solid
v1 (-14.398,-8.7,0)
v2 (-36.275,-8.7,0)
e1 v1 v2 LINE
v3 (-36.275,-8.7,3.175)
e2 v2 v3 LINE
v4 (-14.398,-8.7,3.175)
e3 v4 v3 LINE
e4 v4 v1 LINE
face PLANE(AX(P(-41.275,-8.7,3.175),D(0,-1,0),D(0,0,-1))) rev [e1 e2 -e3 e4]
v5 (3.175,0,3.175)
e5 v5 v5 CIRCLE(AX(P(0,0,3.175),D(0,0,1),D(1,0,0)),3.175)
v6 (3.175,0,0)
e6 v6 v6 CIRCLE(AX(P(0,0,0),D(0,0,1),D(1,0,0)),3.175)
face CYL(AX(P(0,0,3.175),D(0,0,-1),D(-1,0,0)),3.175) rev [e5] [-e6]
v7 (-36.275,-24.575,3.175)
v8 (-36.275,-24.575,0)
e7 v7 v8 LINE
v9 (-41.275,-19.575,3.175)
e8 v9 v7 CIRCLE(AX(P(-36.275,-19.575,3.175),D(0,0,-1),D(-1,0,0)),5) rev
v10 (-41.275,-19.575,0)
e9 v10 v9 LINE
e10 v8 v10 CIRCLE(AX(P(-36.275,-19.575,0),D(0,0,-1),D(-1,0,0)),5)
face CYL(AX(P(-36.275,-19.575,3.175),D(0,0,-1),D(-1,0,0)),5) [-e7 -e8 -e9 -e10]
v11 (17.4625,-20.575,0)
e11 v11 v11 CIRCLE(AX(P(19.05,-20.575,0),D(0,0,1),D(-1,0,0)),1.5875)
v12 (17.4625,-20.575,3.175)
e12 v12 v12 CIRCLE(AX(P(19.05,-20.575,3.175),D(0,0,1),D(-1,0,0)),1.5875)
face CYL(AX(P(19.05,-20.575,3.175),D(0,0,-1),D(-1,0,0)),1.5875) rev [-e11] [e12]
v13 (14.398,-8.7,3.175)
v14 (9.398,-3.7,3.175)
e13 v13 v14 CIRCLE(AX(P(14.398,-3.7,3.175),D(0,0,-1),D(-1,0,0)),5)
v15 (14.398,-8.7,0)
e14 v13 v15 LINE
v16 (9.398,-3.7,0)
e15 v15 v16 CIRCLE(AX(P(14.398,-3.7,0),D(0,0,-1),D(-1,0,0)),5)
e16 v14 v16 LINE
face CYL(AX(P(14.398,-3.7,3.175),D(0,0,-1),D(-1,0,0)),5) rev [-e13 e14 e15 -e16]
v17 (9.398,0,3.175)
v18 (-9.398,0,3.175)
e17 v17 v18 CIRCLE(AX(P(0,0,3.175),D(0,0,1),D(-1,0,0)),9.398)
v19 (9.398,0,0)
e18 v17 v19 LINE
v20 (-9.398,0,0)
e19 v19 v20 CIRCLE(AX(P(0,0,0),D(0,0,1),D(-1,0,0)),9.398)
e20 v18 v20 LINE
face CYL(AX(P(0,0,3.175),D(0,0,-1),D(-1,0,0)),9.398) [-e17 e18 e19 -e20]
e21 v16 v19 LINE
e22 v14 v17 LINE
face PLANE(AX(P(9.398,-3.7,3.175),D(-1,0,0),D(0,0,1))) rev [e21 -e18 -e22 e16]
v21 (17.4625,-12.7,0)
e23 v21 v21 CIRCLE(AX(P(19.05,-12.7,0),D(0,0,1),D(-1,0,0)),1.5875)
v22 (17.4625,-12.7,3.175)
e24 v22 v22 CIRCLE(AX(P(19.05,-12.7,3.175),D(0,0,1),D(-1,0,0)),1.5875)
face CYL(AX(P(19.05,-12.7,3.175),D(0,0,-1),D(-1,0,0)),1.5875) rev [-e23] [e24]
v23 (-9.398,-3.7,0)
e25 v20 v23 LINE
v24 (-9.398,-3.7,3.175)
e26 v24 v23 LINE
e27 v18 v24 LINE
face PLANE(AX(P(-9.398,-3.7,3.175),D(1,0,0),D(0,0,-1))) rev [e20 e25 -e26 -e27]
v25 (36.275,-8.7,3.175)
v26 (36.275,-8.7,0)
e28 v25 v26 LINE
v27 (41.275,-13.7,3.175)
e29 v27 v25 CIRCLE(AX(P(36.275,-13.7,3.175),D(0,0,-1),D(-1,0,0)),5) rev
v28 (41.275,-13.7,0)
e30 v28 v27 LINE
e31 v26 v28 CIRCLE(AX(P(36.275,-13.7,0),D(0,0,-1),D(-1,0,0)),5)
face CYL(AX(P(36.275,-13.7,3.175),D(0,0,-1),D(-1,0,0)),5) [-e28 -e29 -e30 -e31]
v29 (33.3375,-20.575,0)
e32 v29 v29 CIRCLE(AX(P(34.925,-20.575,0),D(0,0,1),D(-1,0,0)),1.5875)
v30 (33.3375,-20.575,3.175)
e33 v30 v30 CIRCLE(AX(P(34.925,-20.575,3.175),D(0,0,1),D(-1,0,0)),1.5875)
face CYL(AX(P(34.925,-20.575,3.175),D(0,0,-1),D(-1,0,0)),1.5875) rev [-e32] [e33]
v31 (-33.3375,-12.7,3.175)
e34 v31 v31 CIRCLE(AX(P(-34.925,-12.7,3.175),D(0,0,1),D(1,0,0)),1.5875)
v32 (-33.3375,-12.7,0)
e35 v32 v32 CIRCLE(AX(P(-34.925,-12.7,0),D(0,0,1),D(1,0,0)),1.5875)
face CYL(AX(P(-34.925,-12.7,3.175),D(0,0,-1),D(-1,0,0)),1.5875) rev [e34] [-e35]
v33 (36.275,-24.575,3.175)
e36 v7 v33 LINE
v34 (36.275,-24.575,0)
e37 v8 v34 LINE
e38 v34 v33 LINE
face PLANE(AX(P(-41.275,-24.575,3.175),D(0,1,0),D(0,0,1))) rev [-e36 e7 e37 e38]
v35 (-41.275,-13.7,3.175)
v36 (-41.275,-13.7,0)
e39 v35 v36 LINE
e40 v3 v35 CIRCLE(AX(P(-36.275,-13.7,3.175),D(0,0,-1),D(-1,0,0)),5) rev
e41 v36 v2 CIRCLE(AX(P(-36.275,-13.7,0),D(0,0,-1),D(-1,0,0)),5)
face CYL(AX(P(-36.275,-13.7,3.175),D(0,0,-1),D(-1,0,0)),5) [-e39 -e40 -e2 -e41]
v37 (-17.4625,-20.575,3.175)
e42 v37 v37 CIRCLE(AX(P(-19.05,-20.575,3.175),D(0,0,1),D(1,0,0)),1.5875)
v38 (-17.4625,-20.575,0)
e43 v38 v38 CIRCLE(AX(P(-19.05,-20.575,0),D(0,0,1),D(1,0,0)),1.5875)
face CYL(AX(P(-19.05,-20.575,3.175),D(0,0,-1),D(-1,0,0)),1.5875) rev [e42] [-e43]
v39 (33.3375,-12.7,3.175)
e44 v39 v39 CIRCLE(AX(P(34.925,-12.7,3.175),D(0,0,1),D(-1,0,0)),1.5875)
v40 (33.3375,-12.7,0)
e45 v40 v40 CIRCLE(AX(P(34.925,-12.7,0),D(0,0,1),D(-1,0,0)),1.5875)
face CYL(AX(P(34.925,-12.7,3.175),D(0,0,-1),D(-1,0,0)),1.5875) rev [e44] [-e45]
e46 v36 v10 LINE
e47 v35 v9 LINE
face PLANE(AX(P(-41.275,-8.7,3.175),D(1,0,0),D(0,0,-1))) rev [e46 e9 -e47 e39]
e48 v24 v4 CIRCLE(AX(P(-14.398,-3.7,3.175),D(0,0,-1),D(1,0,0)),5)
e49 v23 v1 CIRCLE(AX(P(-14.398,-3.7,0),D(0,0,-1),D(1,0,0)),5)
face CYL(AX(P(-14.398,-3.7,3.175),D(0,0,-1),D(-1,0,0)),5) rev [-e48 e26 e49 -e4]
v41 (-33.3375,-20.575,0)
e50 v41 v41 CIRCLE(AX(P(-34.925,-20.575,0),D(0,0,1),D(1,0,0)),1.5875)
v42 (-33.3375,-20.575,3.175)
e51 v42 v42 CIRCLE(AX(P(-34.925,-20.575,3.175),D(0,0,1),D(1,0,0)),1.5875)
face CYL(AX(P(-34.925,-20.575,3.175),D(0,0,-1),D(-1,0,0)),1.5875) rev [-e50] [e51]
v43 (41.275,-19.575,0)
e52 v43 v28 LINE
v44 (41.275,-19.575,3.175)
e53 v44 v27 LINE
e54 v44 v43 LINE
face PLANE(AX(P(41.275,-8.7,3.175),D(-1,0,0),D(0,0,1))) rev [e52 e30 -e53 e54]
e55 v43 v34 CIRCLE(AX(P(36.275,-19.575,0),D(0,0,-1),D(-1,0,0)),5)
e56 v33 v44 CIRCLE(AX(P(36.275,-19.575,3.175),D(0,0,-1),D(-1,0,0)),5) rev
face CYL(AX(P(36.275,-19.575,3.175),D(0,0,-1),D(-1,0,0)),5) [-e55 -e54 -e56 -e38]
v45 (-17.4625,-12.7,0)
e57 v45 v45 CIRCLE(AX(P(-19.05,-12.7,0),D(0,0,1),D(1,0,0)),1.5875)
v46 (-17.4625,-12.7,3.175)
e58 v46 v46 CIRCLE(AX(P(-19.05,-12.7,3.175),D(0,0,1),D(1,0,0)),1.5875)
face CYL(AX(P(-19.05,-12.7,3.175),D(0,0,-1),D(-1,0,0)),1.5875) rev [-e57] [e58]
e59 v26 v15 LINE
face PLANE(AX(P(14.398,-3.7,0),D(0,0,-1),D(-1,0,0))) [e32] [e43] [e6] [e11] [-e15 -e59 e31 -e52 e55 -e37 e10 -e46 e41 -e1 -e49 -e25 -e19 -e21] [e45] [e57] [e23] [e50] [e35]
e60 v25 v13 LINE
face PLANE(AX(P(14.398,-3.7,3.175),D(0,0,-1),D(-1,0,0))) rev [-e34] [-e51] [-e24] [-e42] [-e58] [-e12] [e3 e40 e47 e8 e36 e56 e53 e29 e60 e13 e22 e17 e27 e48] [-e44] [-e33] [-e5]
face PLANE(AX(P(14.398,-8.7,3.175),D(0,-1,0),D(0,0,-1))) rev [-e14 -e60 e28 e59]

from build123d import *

# Parameters (mm, degrees)
SKETCH1_R           = 3.175
SKETCH1_R_2         = 1.5875
BOSS_EXTRUDE1_DEPTH = 3.175
FILLET1_R           = 5


with BuildPart() as part:
    # Sketch1 → Boss-Extrude1 (new body)
    with BuildSketch(Plane.XY):
        with BuildLine():
            Line((-41.275, -8.7), (-14.398, -8.7))
            ThreePointArc((-14.398, -8.7), (-10.862466094, -7.235533906), (-9.398, -3.7))
            Line((-9.398, -3.7), (-9.398, 0))
            ThreePointArc((-9.398, 0), (0, 9.398), (9.398, 0))
            Line((9.398, 0), (9.398, -3.7))
            ThreePointArc((9.398, -3.7), (10.862466094, -7.235533906), (14.398, -8.7))
            Line((14.398, -8.7), (41.275, -8.7))
            Line((41.275, -8.7), (41.275, -24.575))
            Line((41.275, -24.575), (-41.275, -24.575))
            Line((-41.275, -24.575), (-41.275, -8.7))
        make_face()
        Circle(SKETCH1_R, mode=Mode.SUBTRACT)
        with Locations((-34.925, -12.7)):
            Circle(SKETCH1_R_2, mode=Mode.SUBTRACT)
        with Locations((-34.925, -20.575)):
            Circle(SKETCH1_R_2, mode=Mode.SUBTRACT)
        with Locations((-19.05, -12.7)):
            Circle(SKETCH1_R_2, mode=Mode.SUBTRACT)
        with Locations((-19.05, -20.575)):
            Circle(SKETCH1_R_2, mode=Mode.SUBTRACT)
        with Locations((19.05, -20.575)):
            Circle(SKETCH1_R_2, mode=Mode.SUBTRACT)
        with Locations((19.05, -12.7)):
            Circle(SKETCH1_R_2, mode=Mode.SUBTRACT)
        with Locations((34.925, -20.575)):
            Circle(SKETCH1_R_2, mode=Mode.SUBTRACT)
        with Locations((34.925, -12.7)):
            Circle(SKETCH1_R_2, mode=Mode.SUBTRACT)
    extrude(amount=BOSS_EXTRUDE1_DEPTH)

    # Fillet1
    fillet1_edges = [part.edges().sort_by_distance(p)[0] for p in [
        (-41.275, -8.7, 1.5875),
        (41.275, -8.7, 1.5875),
        (41.275, -24.575, 1.5875),
        (-41.275, -24.575, 1.5875),
    ]]
    fillet(fillet1_edges, radius=FILLET1_R)


solid = part.part
